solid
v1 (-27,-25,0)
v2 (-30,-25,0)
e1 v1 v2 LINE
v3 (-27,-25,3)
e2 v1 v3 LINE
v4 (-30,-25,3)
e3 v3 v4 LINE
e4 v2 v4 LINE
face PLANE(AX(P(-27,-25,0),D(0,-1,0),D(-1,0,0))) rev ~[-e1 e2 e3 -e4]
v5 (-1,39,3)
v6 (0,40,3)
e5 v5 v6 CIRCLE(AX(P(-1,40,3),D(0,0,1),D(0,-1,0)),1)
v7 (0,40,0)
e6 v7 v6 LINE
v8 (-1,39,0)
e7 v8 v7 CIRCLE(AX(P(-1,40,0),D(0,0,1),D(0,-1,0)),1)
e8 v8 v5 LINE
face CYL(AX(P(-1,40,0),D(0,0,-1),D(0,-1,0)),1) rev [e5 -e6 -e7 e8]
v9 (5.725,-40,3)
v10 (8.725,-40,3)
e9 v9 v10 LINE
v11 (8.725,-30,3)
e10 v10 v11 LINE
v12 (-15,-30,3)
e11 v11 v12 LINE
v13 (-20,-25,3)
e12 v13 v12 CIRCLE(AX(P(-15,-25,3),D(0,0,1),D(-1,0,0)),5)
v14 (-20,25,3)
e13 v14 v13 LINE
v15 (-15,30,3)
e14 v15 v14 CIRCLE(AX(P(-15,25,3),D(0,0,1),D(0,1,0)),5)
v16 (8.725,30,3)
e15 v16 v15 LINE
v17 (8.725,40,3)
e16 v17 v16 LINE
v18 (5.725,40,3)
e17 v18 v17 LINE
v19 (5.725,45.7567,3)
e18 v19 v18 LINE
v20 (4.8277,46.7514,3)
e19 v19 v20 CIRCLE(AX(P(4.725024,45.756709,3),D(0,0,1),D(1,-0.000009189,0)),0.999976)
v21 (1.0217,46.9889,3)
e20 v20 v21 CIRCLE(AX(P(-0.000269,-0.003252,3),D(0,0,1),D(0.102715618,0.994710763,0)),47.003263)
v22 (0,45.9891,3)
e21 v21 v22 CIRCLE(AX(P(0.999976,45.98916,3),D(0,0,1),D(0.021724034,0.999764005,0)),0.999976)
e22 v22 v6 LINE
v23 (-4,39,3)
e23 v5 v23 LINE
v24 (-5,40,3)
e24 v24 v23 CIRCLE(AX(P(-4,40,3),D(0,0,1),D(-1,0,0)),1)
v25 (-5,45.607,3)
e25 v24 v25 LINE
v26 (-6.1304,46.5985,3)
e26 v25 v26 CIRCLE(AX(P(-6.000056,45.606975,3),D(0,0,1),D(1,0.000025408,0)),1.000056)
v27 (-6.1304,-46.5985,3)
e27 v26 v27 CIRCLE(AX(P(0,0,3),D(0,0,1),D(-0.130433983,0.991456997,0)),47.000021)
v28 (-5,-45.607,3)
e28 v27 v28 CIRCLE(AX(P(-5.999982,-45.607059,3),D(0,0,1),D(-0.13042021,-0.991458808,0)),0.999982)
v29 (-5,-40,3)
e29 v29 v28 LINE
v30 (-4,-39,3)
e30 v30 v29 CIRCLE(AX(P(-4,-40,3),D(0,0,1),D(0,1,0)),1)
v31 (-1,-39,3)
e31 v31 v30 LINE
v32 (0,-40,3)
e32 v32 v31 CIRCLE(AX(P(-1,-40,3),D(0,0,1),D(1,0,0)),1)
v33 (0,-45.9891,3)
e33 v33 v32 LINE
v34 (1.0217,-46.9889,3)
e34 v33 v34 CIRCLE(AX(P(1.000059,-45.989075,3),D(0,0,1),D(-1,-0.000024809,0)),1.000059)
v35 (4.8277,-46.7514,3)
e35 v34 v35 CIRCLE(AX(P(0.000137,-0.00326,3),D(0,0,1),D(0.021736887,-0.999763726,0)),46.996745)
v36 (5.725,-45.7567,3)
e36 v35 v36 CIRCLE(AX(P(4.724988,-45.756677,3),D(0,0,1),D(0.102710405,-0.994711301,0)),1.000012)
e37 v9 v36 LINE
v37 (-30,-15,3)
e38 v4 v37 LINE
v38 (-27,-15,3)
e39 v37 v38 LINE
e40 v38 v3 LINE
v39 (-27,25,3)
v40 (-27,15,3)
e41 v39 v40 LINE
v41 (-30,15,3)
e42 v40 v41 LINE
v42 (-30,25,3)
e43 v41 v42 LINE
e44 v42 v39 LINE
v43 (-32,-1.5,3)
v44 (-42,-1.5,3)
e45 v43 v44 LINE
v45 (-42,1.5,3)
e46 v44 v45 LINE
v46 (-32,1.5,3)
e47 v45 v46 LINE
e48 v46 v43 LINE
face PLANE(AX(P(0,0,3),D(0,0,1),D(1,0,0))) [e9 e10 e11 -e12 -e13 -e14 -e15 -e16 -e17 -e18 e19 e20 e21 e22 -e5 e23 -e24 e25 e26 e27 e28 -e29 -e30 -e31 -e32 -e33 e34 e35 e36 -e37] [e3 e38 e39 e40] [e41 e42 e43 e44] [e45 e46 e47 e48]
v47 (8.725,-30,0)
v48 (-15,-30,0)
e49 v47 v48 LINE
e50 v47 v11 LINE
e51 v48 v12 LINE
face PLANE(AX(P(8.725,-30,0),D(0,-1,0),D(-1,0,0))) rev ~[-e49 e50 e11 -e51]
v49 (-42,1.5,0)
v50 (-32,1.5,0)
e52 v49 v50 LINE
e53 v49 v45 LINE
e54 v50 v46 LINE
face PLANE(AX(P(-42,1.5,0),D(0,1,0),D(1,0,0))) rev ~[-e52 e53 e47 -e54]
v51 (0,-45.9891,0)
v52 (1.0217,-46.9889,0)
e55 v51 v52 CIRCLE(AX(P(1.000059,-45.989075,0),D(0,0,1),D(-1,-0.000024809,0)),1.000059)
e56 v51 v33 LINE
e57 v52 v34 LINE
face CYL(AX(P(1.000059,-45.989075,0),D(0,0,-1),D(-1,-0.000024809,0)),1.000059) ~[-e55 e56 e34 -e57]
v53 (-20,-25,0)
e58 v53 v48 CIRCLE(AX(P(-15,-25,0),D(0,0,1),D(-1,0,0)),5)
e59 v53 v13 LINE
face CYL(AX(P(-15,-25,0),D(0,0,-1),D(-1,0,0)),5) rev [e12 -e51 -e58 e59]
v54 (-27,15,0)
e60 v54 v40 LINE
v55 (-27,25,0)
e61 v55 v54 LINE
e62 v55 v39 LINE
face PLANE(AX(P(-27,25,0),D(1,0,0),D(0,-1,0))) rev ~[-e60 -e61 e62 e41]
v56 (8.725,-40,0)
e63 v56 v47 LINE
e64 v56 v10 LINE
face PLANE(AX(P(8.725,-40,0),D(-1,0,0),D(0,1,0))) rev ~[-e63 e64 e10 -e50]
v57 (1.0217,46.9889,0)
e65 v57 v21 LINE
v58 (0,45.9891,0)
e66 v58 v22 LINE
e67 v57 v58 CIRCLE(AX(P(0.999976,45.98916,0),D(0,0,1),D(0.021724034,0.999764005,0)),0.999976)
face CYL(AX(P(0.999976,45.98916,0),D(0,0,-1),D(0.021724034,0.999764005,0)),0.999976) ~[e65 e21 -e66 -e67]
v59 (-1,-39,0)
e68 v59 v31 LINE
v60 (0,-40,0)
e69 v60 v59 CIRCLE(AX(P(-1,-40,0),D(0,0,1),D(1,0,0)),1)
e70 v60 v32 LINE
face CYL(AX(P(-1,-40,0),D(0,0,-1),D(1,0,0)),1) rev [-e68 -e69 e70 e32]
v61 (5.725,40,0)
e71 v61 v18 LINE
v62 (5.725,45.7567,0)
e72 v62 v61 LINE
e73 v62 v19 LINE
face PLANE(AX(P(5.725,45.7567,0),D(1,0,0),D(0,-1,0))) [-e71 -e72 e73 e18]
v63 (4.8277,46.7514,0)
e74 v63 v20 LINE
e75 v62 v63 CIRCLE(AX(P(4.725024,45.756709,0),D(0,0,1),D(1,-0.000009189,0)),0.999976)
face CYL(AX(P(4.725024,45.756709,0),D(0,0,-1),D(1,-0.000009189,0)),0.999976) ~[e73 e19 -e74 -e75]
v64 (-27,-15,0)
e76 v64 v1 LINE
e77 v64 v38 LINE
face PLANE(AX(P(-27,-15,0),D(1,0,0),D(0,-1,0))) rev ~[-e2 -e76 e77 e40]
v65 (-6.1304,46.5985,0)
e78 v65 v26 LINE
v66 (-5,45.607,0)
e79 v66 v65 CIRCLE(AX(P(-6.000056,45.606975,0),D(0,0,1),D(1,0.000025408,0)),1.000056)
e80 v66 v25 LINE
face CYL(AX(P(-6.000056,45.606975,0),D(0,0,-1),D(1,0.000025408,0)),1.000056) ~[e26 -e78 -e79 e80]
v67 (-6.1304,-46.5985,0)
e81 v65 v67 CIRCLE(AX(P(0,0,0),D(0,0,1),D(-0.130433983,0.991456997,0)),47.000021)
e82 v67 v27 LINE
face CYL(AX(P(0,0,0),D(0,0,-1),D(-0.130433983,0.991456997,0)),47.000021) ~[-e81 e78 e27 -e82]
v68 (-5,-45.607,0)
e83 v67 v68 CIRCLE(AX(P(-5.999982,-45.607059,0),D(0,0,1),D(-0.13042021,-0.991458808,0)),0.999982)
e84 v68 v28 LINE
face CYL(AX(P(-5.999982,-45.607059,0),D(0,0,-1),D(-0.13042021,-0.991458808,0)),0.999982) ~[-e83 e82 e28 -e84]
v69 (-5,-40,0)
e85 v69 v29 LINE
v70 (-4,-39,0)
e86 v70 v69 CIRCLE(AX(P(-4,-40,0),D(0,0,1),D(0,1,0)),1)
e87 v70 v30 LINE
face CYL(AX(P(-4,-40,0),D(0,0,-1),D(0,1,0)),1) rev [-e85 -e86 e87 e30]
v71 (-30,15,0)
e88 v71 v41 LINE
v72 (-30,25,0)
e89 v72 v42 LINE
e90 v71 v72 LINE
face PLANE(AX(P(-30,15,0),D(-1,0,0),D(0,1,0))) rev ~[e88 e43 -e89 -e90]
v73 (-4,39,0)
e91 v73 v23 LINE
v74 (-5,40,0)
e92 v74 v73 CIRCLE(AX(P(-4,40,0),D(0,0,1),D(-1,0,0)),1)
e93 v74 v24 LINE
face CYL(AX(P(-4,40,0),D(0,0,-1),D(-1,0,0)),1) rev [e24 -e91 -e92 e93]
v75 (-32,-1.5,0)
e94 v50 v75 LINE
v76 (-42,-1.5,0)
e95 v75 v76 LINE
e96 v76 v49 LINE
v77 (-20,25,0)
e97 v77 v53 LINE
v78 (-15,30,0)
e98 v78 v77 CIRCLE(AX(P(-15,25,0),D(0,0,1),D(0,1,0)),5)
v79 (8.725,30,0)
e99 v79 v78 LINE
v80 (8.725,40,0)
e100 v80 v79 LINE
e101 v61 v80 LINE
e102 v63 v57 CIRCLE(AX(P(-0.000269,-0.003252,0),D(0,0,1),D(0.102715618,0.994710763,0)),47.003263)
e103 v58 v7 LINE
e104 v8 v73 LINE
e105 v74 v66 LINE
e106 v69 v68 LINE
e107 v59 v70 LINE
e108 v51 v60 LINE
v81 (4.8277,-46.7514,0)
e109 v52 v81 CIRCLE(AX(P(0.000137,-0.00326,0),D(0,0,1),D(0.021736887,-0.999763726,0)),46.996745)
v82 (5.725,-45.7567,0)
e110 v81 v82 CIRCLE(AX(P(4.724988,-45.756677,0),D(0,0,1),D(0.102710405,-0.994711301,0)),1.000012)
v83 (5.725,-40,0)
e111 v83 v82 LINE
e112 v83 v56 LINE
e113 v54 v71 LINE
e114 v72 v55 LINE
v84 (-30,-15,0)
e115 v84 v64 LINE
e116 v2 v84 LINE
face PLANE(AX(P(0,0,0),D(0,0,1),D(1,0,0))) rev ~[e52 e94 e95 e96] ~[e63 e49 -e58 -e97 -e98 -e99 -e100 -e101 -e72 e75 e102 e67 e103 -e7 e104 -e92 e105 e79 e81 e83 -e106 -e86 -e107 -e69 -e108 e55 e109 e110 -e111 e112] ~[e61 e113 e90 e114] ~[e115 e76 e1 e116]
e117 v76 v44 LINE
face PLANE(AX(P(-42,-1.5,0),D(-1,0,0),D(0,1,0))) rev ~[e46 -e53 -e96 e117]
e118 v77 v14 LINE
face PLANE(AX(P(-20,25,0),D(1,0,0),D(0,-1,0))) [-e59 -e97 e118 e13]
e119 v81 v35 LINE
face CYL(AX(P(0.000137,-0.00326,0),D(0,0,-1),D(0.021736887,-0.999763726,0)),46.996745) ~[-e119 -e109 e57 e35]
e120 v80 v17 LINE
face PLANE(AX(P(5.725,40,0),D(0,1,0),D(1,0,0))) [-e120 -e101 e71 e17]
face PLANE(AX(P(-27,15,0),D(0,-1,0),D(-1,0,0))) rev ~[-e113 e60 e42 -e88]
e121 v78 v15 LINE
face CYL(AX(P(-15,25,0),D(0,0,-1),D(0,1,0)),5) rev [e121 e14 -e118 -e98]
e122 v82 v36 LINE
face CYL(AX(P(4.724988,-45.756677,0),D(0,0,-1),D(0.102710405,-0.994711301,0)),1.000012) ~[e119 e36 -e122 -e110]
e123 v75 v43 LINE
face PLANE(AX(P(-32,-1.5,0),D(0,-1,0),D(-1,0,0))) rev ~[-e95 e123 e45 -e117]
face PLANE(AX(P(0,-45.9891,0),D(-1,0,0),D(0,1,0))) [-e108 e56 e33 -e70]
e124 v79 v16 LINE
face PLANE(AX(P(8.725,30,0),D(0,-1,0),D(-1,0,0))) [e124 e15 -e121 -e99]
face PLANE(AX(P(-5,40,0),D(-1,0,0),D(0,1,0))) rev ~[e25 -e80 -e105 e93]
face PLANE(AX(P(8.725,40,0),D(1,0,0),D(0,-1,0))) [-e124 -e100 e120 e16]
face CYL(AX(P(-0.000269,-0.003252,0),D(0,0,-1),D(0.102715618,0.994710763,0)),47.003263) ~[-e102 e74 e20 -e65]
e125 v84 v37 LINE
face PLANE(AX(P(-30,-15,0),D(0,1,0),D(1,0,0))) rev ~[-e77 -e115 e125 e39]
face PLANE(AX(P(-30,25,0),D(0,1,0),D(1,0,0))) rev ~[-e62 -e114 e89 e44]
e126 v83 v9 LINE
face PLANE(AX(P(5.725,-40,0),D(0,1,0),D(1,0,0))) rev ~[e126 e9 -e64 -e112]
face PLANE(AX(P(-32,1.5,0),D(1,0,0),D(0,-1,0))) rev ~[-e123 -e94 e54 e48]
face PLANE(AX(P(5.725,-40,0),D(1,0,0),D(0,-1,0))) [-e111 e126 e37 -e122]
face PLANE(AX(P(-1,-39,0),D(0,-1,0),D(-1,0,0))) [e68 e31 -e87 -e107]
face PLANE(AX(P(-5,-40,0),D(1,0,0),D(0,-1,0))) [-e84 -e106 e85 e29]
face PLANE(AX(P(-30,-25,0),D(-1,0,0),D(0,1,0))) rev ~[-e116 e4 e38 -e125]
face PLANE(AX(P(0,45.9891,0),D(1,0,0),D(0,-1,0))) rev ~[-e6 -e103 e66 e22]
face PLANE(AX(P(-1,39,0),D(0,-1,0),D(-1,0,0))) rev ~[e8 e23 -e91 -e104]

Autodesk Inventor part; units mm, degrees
ref_plane "YZ Plane" through (0, 0, 0) normal (1, 0, 0) x (0, 1, 0)
ref_plane "XZ Plane" through (0, 0, 0) normal (0, 1, 0) x (-1, 0, 0)
ref_plane "XY Plane" through (0, 0, 0) normal (0, 0, 1) x (1, 0, 0)
sketch "Sketch1" plane through (0, 0, 0) normal (0, 0, 1) x (1, 0, 0)
  line L0 (5.725, 40) -> (8.725, 40)
  line L1 (8.725, 40) -> (8.725, 30)
  line L2 (8.725, 30) -> (-15, 30)
  line L3 (5.725, -40) -> (8.725, -40)
  line L4 (8.725, -40) -> (8.725, -30)
  line L5 (8.725, -30) -> (-15, -30)
  line L6 (5.725, 45.7567) -> (5.725, 40)
  line L7 (-20, 25) -> (-20, -25)
  line L8 (5.725, -40) -> (5.725, -45.7567)
  arc A0 (5.725, 45.7567) -> (4.8277, 46.7514) centre (4.725, 45.7567) ccw
  arc A1 (4.8277, -46.7514) -> (5.725, -45.7567) centre (4.725, -45.7567) ccw
  line L9 (-30, 25) -> (-27, 25)
  line L10 (-27, 25) -> (-27, 15)
  line L11 (-27, 15) -> (-30, 15)
  line L12 (-30, 15) -> (-30, 25)
  line L13 (-30, -15) -> (-27, -15)
  line L14 (-27, -15) -> (-27, -25)
  line L15 (-27, -25) -> (-30, -25)
  line L16 (-30, -25) -> (-30, -15)
  arc A2 (-15, 30) -> (-20, 25) centre (-15, 25) ccw
  arc A3 (-20, -25) -> (-15, -30) centre (-15, -25) ccw
  line L17 (-42, 1.5) -> (-32, 1.5)
  line L18 (-32, 1.5) -> (-32, -1.5)
  line L19 (-32, -1.5) -> (-42, -1.5)
  line L20 (-42, -1.5) -> (-42, 1.5)
  line L21 (0, -45.9891) -> (0, -40)
  line L22 (-1, -39) -> (-4, -39)
  line L23 (-5, -40) -> (-5, -45.607)
  arc A4 (1.0217, -46.9889) -> (4.8277, -46.7514) centre (0, 0) ccw
  line L24 (0, 45.9891) -> (0, 40)
  line L25 (-1, 39) -> (-4, 39)
  line L26 (-5, 40) -> (-5, 45.607)
  arc A5 (4.8277, 46.7514) -> (1.0217, 46.9889) centre (0, 0) ccw
  arc A6 (-6.1304, 46.5985) -> (-6.1304, -46.5985) centre (0, 0) ccw
  arc A7 (-5, 45.607) -> (-6.1304, 46.5985) centre (-6, 45.607) ccw
  arc A8 (1.0217, 46.9889) -> (0, 45.9891) centre (1, 45.9891) ccw
  arc A9 (-1, 39) -> (0, 40) centre (-1, 40) ccw
  arc A10 (-5, 40) -> (-4, 39) centre (-4, 40) ccw
  arc A11 (-6.1304, -46.5985) -> (-5, -45.607) centre (-6, -45.607) ccw
  arc A12 (-4, -39) -> (-5, -40) centre (-4, -40) ccw
  arc A13 (0, -40) -> (-1, -39) centre (-1, -40) ccw
  arc A14 (0, -45.9891) -> (1.0217, -46.9889) centre (1, -45.9891) ccw
  point P0 (5.725, 46.65)
  point P1 (5.725, -46.65)
  point P2 (0, -47)
  point P3 (0, -39)
  point P4 (-5, -39)
  point P5 (-5, -46.7333)
  point P6 (0, 47)
  point P7 (0, 39)
  point P8 (-5, 39)
  point P9 (-5, 46.7333)
  dimension "d2" = 10
  dimension "d3" = 30
  dimension "d4" = 30
  dimension "d5" = 10
  dimension "d8" = 1
  dimension "d9" = 3
  dimension "d10" = 3
  dimension "d12" = 10
  dimension "d13" = 15
  dimension "d14" = 15
  dimension "d15" = 30
  dimension "d16" = 30
  dimension "d18" = 3
  dimension "d19" = 3
  dimension "d20" = 20
  dimension "d21" = 5
  dimension "d26" = 3
  dimension "d27" = 10
  dimension "d29" = 1.5
  dimension "d48" = 10
  dimension "d51" = 32
  dimension "d52" = 8
  dimension "d53" = 5
  dimension "d54" = 7.7333
  dimension "d55" = 8
  dimension "d56" = 5
  dimension "d57" = 7.7333
  dimension "d58" = 1
extrude "Extrusion2" add sketch "Sketch1" along normal blind 3
properties part number "OpenROV 2.3 Dev EChassis Blinder"
